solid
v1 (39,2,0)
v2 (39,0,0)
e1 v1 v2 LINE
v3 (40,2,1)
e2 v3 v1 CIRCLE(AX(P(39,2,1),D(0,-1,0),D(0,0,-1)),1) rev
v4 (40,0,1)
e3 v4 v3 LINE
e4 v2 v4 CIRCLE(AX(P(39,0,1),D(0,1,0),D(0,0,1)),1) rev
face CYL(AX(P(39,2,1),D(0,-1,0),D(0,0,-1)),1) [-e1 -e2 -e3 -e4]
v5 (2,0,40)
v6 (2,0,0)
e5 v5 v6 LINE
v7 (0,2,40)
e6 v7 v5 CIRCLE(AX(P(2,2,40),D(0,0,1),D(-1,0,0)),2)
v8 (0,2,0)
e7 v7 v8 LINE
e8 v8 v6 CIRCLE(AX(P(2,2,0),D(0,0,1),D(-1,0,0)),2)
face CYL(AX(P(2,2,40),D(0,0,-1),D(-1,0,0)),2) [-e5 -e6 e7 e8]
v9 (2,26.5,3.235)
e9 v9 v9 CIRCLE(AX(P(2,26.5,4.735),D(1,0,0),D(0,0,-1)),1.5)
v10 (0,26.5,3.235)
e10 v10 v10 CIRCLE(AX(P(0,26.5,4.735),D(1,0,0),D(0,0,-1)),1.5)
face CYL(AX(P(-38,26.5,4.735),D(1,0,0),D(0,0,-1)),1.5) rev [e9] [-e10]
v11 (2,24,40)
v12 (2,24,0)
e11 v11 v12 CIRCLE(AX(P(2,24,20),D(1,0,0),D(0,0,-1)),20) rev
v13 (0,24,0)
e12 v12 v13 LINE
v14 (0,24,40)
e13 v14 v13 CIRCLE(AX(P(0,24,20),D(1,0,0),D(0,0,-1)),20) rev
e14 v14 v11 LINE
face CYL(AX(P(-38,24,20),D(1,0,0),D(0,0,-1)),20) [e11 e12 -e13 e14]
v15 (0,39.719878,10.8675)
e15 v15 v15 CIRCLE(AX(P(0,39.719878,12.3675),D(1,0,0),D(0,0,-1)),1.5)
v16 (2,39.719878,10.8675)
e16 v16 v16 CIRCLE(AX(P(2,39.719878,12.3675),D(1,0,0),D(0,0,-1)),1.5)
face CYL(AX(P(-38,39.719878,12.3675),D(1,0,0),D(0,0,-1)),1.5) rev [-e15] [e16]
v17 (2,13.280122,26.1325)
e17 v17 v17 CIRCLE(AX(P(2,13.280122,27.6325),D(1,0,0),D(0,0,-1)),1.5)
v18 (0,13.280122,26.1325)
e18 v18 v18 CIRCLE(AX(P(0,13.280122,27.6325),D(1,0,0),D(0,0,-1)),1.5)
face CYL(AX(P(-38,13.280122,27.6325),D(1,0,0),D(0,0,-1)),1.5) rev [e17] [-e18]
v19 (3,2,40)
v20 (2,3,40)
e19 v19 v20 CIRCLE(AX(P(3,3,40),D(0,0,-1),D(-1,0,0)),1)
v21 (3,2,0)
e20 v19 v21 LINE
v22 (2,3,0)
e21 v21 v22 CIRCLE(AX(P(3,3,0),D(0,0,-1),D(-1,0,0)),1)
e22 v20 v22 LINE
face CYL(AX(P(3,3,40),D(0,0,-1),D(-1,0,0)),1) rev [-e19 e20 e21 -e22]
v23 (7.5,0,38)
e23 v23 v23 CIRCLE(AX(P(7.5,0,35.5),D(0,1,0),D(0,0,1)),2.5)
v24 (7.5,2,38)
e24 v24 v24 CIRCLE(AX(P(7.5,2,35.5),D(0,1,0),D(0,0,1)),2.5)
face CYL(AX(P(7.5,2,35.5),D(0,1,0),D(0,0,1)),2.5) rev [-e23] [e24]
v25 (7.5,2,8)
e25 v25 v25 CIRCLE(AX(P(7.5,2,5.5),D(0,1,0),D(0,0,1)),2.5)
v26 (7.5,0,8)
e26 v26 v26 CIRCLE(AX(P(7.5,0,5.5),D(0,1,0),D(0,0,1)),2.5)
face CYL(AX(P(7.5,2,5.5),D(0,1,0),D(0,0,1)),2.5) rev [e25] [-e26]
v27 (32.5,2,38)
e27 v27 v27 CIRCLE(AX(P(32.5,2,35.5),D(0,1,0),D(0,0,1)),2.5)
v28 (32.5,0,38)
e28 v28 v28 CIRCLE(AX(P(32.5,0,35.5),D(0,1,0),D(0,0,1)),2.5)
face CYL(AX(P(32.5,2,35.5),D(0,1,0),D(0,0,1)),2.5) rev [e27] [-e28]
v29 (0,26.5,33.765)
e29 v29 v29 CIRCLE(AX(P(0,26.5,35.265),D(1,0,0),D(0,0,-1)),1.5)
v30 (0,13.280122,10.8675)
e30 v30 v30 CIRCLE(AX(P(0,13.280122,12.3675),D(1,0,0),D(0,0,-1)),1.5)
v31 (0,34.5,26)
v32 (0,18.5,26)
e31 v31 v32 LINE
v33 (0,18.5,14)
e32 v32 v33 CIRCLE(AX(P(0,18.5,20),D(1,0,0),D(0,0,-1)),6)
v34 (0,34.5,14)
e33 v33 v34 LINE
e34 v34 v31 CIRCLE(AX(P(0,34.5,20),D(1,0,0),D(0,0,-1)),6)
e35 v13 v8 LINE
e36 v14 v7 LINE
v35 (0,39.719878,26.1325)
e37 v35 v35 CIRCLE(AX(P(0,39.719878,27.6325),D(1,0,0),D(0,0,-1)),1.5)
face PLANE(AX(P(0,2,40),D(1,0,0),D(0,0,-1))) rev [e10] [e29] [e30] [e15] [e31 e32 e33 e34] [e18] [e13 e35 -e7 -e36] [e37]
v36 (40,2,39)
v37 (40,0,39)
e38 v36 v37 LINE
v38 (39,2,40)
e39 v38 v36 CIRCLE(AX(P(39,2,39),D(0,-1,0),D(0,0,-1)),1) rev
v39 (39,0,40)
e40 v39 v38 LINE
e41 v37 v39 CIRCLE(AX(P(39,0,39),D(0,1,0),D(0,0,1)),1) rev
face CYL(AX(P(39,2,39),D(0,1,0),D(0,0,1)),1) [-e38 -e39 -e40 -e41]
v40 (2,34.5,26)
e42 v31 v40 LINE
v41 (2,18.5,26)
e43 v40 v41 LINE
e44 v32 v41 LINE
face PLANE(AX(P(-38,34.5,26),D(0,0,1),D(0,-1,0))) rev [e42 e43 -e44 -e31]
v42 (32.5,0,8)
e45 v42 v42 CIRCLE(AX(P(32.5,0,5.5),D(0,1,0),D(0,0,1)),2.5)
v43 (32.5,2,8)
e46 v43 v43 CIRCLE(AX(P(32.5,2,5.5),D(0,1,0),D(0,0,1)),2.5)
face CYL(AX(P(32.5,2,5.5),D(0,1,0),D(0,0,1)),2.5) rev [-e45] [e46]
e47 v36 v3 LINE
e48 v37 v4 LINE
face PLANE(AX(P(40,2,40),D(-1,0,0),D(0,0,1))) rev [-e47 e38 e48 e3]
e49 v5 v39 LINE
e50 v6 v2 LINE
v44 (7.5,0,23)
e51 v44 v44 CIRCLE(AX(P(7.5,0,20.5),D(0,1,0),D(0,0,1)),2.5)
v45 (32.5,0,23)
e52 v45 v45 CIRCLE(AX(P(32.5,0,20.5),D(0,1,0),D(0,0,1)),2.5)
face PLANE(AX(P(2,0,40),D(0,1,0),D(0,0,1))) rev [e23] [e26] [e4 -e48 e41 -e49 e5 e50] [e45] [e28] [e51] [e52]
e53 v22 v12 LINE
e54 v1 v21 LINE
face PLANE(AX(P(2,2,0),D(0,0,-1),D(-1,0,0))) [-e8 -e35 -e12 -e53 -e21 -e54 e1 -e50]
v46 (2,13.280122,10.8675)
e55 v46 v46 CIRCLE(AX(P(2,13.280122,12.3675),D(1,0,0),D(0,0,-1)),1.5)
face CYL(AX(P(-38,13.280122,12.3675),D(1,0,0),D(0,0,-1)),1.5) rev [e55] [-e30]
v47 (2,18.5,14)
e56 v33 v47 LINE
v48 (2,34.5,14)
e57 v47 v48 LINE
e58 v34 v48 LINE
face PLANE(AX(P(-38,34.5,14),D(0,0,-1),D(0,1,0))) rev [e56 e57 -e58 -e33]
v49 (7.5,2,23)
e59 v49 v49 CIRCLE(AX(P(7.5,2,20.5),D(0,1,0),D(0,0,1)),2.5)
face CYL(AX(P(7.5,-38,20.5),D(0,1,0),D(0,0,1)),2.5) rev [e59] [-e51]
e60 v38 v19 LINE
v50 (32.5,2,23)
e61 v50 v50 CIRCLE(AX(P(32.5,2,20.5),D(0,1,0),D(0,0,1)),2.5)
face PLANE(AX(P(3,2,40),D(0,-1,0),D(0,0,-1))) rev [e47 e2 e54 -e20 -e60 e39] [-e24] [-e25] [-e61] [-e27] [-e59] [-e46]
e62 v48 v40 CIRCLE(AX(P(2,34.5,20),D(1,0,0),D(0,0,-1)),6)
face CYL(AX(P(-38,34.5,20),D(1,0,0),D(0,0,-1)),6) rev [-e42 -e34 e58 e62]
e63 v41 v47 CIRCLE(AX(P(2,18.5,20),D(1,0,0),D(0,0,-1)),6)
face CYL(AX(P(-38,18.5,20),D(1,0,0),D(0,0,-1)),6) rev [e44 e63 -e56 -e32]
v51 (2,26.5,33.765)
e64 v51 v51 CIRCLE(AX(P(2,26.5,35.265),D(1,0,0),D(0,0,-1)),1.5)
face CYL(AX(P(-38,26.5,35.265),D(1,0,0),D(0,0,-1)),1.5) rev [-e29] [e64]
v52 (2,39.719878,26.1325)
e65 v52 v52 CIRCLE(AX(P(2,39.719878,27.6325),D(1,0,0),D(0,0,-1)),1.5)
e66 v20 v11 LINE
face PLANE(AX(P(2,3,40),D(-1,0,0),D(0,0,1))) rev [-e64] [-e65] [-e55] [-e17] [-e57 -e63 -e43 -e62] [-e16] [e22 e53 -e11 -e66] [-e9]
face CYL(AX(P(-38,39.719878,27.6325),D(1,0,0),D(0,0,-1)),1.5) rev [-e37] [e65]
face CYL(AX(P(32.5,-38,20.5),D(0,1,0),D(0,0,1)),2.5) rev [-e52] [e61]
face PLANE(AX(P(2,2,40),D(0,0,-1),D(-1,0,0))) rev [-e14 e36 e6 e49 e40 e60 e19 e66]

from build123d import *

# Parameters (mm, degrees)
BOSS_EXTRUDE1_DEPTH = 40
HOLE1_D             = 5
CUT_EXTRUDE1_DEPTH  = 40
CUT_EXTRUDE2_DEPTH  = 40
SKETCH7_R           = 1.5
CUT_EXTRUDE3_DEPTH  = 40
FILLET1_R           = 1
SKETCH10_R          = 2.5
CUT_EXTRUDE4_DEPTH  = 40


with BuildPart() as part:
    # Sketch2 → Boss-Extrude1 (new body)
    with BuildSketch(Plane.XY):
        with BuildLine():
            Line((2, 0), (40, 0))
            Line((40, 0), (40, 2))
            Line((40, 2), (3, 2))
            ThreePointArc((3, 2), (2.292893219, 2.292893219), (2, 3))
            Line((2, 3), (2, 45))
            Line((2, 45), (0, 45))
            Line((0, 45), (0, 2))
            ThreePointArc((0, 2), (0.585786438, 0.585786438), (2, 0))
        make_face()
    extrude(amount=BOSS_EXTRUDE1_DEPTH)

    # Hole1 (through all)
    with Locations(Plane(origin=(0, 2, 0), x_dir=(1, 0, 0), z_dir=(0, 1, 0))):
        with Locations((32.5, -35.5), (32.5, -5.5), (7.5, -5.5), (7.5, -35.5)):
            Hole(HOLE1_D / 2)

    # Sketch5 → Cut-Extrude1 (cut)
    with BuildSketch(Plane(origin=(2, 0, 0), x_dir=(0, 0, -1), z_dir=(1, 0, 0))):
        with BuildLine():
            Line((-40, 45), (-40, 24))
            ThreePointArc((-40, 24), (-20, 44), (0, 24))
            Line((0, 24), (0, 45))
            Line((0, 45), (-40, 45))
        make_face()
    extrude(amount=-CUT_EXTRUDE1_DEPTH, mode=Mode.SUBTRACT)

    # Sketch6 → Cut-Extrude2 (cut)
    with BuildSketch(Plane(origin=(2, 0, 0), x_dir=(0, 0, -1), z_dir=(1, 0, 0))):
        with BuildLine():
            Line((-14, 34.5), (-14, 18.5))
            ThreePointArc((-14, 18.5), (-20, 12.5), (-26, 18.5))
            Line((-26, 18.5), (-26, 34.5))
            ThreePointArc((-26, 34.5), (-20, 40.5), (-14, 34.5))
        make_face()
    extrude(amount=-CUT_EXTRUDE2_DEPTH, mode=Mode.SUBTRACT)

    # Sketch7 → Cut-Extrude3 (cut)
    with BuildSketch(Plane(origin=(2, 0, 0), x_dir=(0, 0, -1), z_dir=(1, 0, 0))):
        with Locations((-4.735, 26.5)):
            Circle(SKETCH7_R)
        with Locations((-35.265, 26.5)):
            Circle(SKETCH7_R)
        with Locations((-27.6325, 13.280122211)):
            Circle(SKETCH7_R)
        with Locations((-12.3675, 13.280122211)):
            Circle(SKETCH7_R)
        with Locations((-27.6325, 39.719877789)):
            Circle(SKETCH7_R)
        with Locations((-12.3675, 39.719877789)):
            Circle(SKETCH7_R)
    extrude(amount=-CUT_EXTRUDE3_DEPTH, mode=Mode.SUBTRACT)

    # Fillet1
    fillet1_edges = [part.edges().sort_by_distance(p)[0] for p in [
        (40, 1, 0),
        (40, 1, 40),
    ]]
    fillet(fillet1_edges, radius=FILLET1_R)

    # Sketch10 → Cut-Extrude4 (cut)
    with BuildSketch(Plane(origin=(0, 2, 0), x_dir=(1, 0, 0), z_dir=(0, 1, 0))):
        with Locations((7.5, -20.5)):
            Circle(SKETCH10_R)
        with Locations((32.5, -20.5)):
            Circle(SKETCH10_R)
    extrude(amount=-CUT_EXTRUDE4_DEPTH, mode=Mode.SUBTRACT)


solid = part.part
